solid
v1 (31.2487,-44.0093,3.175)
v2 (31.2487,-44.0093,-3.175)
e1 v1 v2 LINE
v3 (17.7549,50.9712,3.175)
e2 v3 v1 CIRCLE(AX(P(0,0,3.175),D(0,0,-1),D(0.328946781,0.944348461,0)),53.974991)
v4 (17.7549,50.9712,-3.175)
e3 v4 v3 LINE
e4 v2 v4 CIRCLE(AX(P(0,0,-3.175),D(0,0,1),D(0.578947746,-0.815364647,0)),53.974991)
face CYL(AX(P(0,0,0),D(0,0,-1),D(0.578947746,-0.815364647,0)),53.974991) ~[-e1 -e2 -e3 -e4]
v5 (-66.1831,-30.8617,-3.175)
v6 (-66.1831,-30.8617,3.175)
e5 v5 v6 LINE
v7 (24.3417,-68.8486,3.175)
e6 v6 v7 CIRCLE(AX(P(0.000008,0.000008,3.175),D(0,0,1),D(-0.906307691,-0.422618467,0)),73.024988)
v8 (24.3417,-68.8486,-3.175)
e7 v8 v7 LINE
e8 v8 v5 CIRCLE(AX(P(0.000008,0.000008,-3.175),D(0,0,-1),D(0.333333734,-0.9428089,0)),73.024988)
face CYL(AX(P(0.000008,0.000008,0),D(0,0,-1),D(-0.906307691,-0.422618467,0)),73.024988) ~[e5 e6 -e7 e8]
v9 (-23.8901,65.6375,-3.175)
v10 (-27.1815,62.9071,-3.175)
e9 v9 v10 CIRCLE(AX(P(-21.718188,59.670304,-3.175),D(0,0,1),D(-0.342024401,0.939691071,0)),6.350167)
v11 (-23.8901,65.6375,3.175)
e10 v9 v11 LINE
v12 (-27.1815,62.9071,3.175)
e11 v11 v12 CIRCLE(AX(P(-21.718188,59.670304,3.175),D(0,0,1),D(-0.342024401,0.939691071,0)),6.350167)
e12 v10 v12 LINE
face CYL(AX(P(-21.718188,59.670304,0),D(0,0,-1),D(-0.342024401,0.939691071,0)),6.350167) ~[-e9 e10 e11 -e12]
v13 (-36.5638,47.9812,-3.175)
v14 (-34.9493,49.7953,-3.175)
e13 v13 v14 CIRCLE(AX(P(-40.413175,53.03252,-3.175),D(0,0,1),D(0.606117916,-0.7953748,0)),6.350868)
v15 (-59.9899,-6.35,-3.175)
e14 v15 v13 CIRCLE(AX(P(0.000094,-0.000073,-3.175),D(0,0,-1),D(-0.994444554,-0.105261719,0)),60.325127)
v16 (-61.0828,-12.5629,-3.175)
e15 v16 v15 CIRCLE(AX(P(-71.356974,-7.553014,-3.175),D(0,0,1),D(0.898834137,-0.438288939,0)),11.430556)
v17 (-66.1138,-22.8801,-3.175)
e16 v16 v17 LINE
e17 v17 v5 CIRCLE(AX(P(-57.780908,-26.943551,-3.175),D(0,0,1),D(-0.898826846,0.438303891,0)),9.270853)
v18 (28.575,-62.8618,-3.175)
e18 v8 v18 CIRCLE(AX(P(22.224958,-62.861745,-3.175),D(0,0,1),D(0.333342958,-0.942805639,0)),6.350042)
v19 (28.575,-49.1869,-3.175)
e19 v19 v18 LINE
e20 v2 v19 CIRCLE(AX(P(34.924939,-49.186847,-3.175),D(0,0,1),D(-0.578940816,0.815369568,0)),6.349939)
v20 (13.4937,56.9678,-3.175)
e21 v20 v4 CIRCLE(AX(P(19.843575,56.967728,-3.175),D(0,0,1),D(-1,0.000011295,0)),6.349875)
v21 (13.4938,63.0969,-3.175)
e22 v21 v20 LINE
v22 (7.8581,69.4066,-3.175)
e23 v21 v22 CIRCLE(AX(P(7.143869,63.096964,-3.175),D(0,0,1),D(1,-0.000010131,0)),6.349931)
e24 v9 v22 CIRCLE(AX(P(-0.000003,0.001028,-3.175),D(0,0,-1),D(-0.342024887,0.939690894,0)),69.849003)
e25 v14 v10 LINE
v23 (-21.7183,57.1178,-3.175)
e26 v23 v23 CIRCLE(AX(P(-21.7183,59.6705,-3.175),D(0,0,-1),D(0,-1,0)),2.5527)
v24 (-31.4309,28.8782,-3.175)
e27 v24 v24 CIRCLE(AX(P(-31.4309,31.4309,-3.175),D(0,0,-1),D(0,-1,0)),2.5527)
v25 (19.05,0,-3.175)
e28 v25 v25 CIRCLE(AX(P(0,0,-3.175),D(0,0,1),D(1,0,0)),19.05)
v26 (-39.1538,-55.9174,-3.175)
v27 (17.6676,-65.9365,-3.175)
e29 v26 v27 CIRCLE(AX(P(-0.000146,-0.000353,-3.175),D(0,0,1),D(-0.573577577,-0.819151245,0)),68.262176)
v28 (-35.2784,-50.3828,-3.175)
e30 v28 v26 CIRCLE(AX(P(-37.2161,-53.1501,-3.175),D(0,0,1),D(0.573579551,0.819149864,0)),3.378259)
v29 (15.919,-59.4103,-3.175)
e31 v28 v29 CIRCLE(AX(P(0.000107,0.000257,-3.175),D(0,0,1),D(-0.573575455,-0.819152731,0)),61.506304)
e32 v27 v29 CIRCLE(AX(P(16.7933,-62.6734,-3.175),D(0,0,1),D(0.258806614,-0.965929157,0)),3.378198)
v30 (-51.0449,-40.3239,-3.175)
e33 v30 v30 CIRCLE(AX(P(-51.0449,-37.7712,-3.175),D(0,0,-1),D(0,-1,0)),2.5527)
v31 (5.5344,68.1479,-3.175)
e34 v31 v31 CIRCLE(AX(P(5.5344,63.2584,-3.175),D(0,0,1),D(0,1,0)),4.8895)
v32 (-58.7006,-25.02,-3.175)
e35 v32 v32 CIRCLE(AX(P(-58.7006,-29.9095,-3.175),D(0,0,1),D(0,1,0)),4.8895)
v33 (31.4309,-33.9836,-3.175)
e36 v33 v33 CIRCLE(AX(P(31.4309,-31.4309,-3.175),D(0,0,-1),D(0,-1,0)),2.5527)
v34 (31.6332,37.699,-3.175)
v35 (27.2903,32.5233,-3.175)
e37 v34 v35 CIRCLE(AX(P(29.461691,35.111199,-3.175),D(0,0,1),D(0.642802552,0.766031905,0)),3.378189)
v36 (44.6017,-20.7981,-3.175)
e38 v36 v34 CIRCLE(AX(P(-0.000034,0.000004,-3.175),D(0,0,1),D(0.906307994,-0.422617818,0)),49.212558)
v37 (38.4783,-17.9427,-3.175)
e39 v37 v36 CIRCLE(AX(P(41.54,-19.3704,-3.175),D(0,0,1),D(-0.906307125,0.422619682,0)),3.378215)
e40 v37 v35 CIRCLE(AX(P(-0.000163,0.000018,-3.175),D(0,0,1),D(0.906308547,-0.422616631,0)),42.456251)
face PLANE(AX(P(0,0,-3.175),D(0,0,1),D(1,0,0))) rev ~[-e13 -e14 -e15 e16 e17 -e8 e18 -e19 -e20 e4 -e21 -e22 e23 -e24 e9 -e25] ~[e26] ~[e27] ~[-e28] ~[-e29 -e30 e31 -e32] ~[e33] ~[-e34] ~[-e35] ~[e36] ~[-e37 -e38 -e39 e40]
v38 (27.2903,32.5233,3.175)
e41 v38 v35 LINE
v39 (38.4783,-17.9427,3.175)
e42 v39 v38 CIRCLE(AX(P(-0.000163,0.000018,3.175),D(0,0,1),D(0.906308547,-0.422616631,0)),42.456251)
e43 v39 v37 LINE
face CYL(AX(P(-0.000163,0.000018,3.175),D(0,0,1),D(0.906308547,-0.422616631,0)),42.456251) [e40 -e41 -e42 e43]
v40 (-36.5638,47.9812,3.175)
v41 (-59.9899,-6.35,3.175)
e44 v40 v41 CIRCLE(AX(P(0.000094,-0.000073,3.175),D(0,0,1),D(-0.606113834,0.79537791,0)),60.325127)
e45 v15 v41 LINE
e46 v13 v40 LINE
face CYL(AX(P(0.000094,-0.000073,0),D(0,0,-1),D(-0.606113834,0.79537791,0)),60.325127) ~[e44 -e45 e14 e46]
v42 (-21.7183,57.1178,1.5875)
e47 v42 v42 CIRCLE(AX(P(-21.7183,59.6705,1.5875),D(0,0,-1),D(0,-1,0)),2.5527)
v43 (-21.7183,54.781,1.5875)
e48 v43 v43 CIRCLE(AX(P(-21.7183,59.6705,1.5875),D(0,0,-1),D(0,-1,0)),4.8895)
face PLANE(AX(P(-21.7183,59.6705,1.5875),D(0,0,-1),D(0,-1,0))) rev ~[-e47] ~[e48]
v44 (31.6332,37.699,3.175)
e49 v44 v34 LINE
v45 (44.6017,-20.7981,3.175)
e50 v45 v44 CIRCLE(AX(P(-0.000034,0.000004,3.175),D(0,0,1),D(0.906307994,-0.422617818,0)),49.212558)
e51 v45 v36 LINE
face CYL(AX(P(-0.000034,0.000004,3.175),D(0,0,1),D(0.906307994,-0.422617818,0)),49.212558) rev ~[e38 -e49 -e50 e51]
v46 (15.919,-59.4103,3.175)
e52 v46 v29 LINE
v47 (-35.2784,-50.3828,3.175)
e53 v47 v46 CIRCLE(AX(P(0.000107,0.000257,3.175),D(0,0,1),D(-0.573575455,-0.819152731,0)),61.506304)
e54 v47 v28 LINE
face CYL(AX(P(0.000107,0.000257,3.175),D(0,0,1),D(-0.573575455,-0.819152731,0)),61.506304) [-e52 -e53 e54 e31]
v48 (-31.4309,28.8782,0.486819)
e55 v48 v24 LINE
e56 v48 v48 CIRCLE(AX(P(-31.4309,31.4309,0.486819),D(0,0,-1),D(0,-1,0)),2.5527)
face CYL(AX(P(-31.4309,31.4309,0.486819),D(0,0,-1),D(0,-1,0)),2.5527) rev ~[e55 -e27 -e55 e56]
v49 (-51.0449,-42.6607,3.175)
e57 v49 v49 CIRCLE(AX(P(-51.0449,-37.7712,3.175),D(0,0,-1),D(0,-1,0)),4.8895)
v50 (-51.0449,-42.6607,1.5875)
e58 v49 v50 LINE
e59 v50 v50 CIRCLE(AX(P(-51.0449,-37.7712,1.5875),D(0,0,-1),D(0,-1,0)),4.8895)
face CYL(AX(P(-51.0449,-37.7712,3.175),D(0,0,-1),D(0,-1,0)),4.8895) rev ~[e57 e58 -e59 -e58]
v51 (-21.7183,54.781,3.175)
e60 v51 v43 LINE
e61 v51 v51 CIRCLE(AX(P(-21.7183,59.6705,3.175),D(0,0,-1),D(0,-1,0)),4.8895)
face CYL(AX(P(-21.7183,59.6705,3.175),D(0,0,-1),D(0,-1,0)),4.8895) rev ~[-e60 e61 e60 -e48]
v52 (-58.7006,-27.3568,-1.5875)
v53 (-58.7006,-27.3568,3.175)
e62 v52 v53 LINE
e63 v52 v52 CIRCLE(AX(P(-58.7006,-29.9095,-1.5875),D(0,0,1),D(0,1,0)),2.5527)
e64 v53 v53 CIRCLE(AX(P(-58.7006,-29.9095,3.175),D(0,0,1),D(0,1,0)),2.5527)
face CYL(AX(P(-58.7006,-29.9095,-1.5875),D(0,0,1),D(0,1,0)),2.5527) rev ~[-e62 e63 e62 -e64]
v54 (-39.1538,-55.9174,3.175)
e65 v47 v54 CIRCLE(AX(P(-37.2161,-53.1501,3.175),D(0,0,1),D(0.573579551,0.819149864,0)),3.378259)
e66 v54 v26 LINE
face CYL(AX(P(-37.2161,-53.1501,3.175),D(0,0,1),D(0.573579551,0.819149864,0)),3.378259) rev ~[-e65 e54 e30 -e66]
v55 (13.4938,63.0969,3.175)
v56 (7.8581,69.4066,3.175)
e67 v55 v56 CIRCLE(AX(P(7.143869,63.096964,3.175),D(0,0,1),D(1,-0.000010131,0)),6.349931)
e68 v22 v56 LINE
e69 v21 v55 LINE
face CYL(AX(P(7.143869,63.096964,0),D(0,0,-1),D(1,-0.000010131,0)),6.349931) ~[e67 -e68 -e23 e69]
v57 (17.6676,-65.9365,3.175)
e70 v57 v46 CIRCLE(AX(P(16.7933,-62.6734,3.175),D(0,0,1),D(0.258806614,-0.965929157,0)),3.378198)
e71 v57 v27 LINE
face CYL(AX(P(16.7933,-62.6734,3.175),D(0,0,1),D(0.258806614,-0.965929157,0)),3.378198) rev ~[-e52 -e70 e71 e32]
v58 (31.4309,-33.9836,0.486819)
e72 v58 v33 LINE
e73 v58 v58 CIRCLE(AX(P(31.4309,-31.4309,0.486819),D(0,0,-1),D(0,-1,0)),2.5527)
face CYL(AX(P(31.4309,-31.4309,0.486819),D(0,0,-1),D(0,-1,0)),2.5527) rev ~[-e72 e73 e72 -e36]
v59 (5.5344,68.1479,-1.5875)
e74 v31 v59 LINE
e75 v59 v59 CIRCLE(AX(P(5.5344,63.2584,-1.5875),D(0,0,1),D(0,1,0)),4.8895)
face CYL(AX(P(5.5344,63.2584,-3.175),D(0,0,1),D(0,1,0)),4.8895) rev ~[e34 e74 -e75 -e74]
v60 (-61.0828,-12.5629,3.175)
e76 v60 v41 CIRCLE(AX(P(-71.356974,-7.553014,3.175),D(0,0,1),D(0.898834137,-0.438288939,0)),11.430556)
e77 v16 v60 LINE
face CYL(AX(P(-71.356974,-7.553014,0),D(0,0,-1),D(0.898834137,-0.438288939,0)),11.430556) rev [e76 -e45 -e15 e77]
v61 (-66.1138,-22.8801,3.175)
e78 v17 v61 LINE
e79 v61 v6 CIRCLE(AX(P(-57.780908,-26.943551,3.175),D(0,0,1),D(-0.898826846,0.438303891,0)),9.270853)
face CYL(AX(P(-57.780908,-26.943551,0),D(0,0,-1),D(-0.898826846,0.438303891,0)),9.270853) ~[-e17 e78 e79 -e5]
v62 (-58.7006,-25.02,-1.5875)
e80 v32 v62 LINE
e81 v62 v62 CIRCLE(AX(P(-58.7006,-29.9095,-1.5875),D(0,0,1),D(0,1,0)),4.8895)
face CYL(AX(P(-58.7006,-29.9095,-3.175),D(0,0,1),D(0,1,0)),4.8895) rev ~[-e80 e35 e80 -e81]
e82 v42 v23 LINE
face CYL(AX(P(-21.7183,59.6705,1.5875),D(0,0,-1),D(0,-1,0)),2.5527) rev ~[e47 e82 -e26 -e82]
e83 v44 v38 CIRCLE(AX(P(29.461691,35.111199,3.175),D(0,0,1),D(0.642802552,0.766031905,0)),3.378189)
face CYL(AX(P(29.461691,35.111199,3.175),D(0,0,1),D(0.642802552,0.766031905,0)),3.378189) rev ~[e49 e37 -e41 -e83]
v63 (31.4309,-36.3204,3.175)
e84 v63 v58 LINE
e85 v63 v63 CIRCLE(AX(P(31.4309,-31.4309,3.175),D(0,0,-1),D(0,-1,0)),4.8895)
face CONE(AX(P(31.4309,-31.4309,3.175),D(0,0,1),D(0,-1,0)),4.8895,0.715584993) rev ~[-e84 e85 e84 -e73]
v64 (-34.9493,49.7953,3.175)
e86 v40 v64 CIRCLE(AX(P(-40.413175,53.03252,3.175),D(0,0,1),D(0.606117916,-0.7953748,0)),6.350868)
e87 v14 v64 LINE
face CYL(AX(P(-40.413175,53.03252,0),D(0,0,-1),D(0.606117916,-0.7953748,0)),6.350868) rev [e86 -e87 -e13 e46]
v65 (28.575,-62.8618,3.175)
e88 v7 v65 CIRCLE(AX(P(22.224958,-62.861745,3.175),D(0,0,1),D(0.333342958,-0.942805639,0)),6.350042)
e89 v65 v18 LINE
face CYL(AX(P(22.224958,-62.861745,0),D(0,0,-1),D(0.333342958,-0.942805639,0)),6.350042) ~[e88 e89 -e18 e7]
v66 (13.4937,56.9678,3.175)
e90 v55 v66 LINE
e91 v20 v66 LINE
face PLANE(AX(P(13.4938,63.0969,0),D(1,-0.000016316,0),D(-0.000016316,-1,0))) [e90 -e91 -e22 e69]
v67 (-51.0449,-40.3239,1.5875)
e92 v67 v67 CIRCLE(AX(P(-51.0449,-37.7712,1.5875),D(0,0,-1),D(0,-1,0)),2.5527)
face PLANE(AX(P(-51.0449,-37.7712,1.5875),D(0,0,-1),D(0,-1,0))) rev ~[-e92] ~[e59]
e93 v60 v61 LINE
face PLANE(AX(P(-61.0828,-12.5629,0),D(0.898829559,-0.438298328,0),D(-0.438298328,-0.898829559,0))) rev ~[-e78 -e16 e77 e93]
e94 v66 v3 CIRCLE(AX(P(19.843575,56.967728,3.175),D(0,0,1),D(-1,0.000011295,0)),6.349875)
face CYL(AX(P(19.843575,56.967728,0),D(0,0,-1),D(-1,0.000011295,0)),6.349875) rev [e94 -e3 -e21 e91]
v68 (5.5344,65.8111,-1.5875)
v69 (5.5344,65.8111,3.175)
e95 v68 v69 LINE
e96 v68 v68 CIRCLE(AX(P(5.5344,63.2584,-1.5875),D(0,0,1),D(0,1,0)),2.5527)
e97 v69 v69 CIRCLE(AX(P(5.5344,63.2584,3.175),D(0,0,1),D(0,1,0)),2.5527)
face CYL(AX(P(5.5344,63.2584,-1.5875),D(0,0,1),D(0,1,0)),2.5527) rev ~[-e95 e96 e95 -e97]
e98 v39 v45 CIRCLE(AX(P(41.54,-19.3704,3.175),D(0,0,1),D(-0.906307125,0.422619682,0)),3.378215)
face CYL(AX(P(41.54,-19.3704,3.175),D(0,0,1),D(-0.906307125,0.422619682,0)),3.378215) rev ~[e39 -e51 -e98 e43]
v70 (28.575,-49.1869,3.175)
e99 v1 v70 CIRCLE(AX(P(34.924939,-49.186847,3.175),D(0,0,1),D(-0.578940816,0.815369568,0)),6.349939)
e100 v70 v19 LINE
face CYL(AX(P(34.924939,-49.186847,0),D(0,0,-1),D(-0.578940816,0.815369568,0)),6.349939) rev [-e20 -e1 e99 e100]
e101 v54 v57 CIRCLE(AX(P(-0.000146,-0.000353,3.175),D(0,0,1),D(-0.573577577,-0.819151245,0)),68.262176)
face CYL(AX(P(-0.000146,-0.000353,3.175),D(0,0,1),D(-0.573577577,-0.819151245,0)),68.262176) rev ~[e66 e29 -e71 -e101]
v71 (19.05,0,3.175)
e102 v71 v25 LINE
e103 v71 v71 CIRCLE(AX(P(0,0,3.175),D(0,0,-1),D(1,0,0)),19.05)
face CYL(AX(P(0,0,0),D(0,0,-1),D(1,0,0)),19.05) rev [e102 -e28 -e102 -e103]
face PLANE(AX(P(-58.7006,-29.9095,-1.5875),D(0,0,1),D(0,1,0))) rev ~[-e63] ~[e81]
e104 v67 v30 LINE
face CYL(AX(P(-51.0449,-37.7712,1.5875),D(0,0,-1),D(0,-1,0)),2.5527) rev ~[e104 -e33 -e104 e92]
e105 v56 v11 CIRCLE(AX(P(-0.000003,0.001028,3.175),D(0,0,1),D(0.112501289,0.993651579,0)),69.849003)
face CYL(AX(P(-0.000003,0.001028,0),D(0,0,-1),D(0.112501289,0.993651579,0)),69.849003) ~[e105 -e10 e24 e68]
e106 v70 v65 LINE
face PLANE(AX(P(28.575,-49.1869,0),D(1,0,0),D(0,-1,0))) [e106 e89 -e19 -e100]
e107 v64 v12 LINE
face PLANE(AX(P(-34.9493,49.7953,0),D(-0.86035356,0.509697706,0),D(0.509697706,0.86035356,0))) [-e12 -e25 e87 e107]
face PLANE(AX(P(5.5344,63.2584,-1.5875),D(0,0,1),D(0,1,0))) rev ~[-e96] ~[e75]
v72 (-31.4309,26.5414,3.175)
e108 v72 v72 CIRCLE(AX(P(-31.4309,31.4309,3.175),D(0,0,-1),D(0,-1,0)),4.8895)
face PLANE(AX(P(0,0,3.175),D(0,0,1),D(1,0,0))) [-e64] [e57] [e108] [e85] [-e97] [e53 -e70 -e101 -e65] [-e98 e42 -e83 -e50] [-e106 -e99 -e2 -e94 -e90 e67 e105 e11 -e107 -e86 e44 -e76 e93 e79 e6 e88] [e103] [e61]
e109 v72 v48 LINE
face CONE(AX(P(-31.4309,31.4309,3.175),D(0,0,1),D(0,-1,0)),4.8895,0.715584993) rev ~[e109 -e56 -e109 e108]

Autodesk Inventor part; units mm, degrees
ref_plane "YZ Plane" through (0, 0, 0) normal (1, 0, 0) x (0, 1, 0)
ref_plane "XZ Plane" through (0, 0, 0) normal (0, 1, 0) x (-1, 0, 0)
ref_plane "XY Plane" through (0, 0, 0) normal (0, 0, 1) x (1, 0, 0)
sketch "Sketch1" plane through (0, 0, 0) normal (0, 0, 1) x (1, 0, 0)
  circle A0 centre (0, 0) radius 53.975 construction
  circle A1 centre (0, 0) radius 19.05
  line L0 (-100.2597, 0) -> (86.9261, 0) projected
  line L1 (0, -117.8456) -> (0, 102.763) projected
  line L2 (13.4938, 63.0969) -> (13.4937, 56.9678)
  arc A2 (-66.1831, -30.8617) -> (24.3417, -68.8486) centre (0, 0) ccw
  arc A3 (7.8581, 69.4066) -> (-23.8901, 65.6375) centre (0, 0) ccw
  arc A4 (31.2487, -44.0093) -> (17.7549, 50.9712) centre (0, 0) ccw
  arc A5 (13.4937, 56.9678) -> (17.7549, 50.9712) centre (19.8438, 56.9678) ccw
  arc A6 (13.4938, 63.0969) -> (7.8581, 69.4066) centre (7.1437, 63.0969) ccw
  line L3 (28.575, -49.1869) -> (28.575, -62.8618)
  arc A7 (24.3417, -68.8486) -> (28.575, -62.8618) centre (22.225, -62.8618) ccw
  arc A8 (31.2487, -44.0093) -> (28.575, -49.1869) centre (34.925, -49.1869) ccw
  line L4 (-61.0828, -12.5629) -> (-66.1138, -22.8801)
  arc A9 (-66.1138, -22.8801) -> (-66.1831, -30.8617) centre (-57.7807, -26.9436) ccw
  line L5 (0, 0) -> (-57.7807, -26.9436) construction
  arc A10 (-36.5638, 47.9812) -> (-59.9899, -6.35) centre (0, 0) ccw
  arc A11 (-61.0828, -12.5629) -> (-59.9899, -6.35) centre (-71.3564, -7.5532) ccw
  line L6 (-34.9493, 49.7953) -> (-27.1815, 62.9071)
  arc A12 (-36.5638, 47.9812) -> (-34.9493, 49.7953) centre (-40.4126, 53.0319) ccw
  arc A13 (-23.8901, 65.6375) -> (-27.1815, 62.9071) centre (-21.7183, 59.6705) ccw
  line L7 (0, 0) -> (-21.7183, 59.6705) construction
  point P0 (13.4937, 68.5342)
  point P1 (28.575, -45.7905)
  point P2 (28.575, -67.2021)
  point P3 (-67.9722, -26.6913)
  point P4 (-53.975, 0)
  dimension "d0" = 107.95
  dimension "d10" = 38.1
  dimension "d48" = 6.35
  dimension "d58" = 6.35
  dimension "d59" = 28.575
  dimension "d60" = 73.025
  dimension "d75" = 65
  dimension "d86" = 60.325
  dimension "d88" = 6.35
  dimension "d91" = 6.35
  dimension "d92" = 69.85
  dimension "d119" = 11.43
  dimension "d120" = 9.271
  dimension "d123" = 13.4938
  dimension "d124" = 20
  dimension "d126" = 15.24
extrude "Base" add sketch "Sketch1" along normal mid plane 6.35 contours L0 A4 A8 L3 A7 A2 L1 A1 | A1 L1 A3 A6 L2 A5 A4 L0 | A1 L0 A10 A12 L6 A13 A3 L1 | L1 A2 A9 L4 A11 A10 L0 A1
sketch "Sketch5" plane through (0, 0, 3.175) normal (0, 0, 1) x (1, 0, 0)
  circle A0 centre (0, 0) radius 19.05 projected
  arc A1 (31.2487, -44.0093) -> (17.7549, 50.9712) centre (0, 0) ccw projected
  line L0 (-100.2597, 0) -> (86.9261, 0) projected
  line L1 (0, -117.5661) -> (0, 101.086) projected
  line L2 (0, 0) -> (-31.4309, 31.4309) construction
  arc A2 (-66.1831, -30.8617) -> (24.3417, -68.8486) centre (0, 0) ccw projected
  line L3 (31.4309, -31.4309) -> (0, 0) construction
  dimension "d49" = 45
  dimension "d50" = 44.45
  dimension "d109" = 44.45
hole "Motor Mount Hole" at (-31.4309, 31.4309, 3.175) at (31.4309, -31.4309, 3.175) direction (0, 0, -1) diameter 5.1054 end through all countersink diameter 9.779 countersink angle 82 clearance for "Flat Head Machine Screw (82)" size "#10" standard "Ansi Unified Screw Threads"
sketch "Sketch6" plane through (0, 0, 3.175) normal (0, 0, 1) x (1, 0, 0)
  arc A0 (-66.1831, -30.8617) -> (24.3417, -68.8486) centre (0, 0) ccw projected
  line L0 (-99.0177, 0) -> (79.4738, 0) projected
  line L1 (0, -117.5661) -> (0, 101.086) projected
  line L2 (0, 0) -> (-21.7183, 59.6705) construction
  arc A1 (-36.5638, 47.9812) -> (-59.9899, -6.35) centre (0, 0) ccw projected
  line L3 (-51.0449, -37.7712) -> (0, 0) construction
  dimension "d114" = 63.5
  dimension "d121" = 63.5
  dimension "d122" = 53.5
  dimension "d127" = 20
hole "Standoffs holes to front plate" at (-51.0449, -37.7712, 3.175) at (-21.7183, 59.6705, 3.175) direction (0, 0, -1) diameter 5.1054 end through all counterbore diameter 9.779 counterbore depth 1.5875 clearance for "Flat Head Machine Screw (82)" size "#10" standard "Ansi Unified Screw Threads"
sketch "Sketch8" plane through (0, 0, -3.175) normal (0, 0, -1) x (-1, 0, 0)
  arc A0 (23.8901, 65.6375) -> (-7.8581, 69.4066) centre (0, 0) ccw projected
  line L0 (91.3248, 0) -> (-78.1916, 0) projected
  line L1 (0, -101.8795) -> (0, 100.1019) projected
  line L2 (0, 0) -> (-5.5344, 63.2584) construction
  arc A1 (59.9899, -6.35) -> (36.5638, 47.9812) centre (0, 0) ccw projected
  line L3 (0, 0) -> (58.7006, -29.9095) construction
  point P0 (54.0079, -0.6455)
  dimension "d103" = 63.5
  dimension "d104" = 5
  dimension "d110" = 27
  dimension "d111" = 65.8812
hole "Standoff holes to back plate" at (-58.7006, -29.9095, -3.175) at (5.5344, 63.2584, -3.175) direction (0, 0, 1) diameter 5.1054 end through all counterbore diameter 9.779 counterbore depth 1.5875 clearance for "Flat Head Machine Screw (82)" size "#10" standard "Ansi Unified Screw Threads"
sketch "Sketch7" plane through (0, 0, 3.175) normal (0, 0, 1) x (1, 0, 0)
  arc A0 (-66.1831, -30.8617) -> (24.3417, -68.8486) centre (0, 0) ccw projected
  arc A1 (31.2487, -44.0093) -> (17.7549, 50.9712) centre (0, 0) ccw projected
  arc A2 (-35.2784, -50.3828) -> (-39.1538, -55.9174) centre (-37.2161, -53.1501) ccw
  arc A3 (17.6676, -65.9365) -> (15.919, -59.4103) centre (16.7933, -62.6734) ccw
  arc A4 (-35.2784, -50.3828) -> (15.919, -59.4103) centre (0, 0) ccw
  arc A5 (-39.1538, -55.9174) -> (17.6676, -65.9365) centre (0, 0) ccw
  line L0 (-100.2597, 0) -> (86.9261, 0) projected
  line L1 (0, -117.5661) -> (0, 101.086) projected
  line L2 (16.7933, -62.6734) -> (0, 0) construction
  line L3 (0, 0) -> (-37.2161, -53.1501) construction
  dimension "d69" = 4.7625
  dimension "d70" = 6.7564
  dimension "d71" = 75
  dimension "d72" = 55
extrude "Tensioning Slot" cut sketch "Sketch7" against normal through all
sketch "Sketch10" plane through (0, 0, 3.175) normal (0, 0, 1) x (1, 0, 0)
  arc A0 (31.2487, -44.0093) -> (17.7549, 50.9712) centre (0, 0) ccw projected
  arc A1 (-66.1831, -30.8617) -> (24.3417, -68.8486) centre (0, 0) ccw projected
  line L0 (-100.2597, 0) -> (86.9261, 0) projected
  line L1 (0, -117.5661) -> (0, 101.086) projected
  arc A2 (31.6332, 37.699) -> (27.2903, 32.5233) centre (29.4617, 35.1111) ccw
  arc A3 (38.4783, -17.9427) -> (44.6017, -20.7981) centre (41.54, -19.3704) ccw
  line L2 (0, 0) -> (29.4617, 35.1111) construction
  arc A4 (44.6017, -20.7981) -> (31.6332, 37.699) centre (0, 0) ccw
  arc A5 (38.4783, -17.9427) -> (27.2903, 32.5233) centre (0, 0) ccw
  line L3 (41.54, -19.3704) -> (0, 0) construction
  dimension "d130" = 4.7625
  dimension "d131" = 6.7564
  dimension "d134" = 75
  dimension "d135" = 25
extrude "Tensioning Slot to vertical" cut sketch "Sketch10" against normal through all
properties part number "motor plate"
